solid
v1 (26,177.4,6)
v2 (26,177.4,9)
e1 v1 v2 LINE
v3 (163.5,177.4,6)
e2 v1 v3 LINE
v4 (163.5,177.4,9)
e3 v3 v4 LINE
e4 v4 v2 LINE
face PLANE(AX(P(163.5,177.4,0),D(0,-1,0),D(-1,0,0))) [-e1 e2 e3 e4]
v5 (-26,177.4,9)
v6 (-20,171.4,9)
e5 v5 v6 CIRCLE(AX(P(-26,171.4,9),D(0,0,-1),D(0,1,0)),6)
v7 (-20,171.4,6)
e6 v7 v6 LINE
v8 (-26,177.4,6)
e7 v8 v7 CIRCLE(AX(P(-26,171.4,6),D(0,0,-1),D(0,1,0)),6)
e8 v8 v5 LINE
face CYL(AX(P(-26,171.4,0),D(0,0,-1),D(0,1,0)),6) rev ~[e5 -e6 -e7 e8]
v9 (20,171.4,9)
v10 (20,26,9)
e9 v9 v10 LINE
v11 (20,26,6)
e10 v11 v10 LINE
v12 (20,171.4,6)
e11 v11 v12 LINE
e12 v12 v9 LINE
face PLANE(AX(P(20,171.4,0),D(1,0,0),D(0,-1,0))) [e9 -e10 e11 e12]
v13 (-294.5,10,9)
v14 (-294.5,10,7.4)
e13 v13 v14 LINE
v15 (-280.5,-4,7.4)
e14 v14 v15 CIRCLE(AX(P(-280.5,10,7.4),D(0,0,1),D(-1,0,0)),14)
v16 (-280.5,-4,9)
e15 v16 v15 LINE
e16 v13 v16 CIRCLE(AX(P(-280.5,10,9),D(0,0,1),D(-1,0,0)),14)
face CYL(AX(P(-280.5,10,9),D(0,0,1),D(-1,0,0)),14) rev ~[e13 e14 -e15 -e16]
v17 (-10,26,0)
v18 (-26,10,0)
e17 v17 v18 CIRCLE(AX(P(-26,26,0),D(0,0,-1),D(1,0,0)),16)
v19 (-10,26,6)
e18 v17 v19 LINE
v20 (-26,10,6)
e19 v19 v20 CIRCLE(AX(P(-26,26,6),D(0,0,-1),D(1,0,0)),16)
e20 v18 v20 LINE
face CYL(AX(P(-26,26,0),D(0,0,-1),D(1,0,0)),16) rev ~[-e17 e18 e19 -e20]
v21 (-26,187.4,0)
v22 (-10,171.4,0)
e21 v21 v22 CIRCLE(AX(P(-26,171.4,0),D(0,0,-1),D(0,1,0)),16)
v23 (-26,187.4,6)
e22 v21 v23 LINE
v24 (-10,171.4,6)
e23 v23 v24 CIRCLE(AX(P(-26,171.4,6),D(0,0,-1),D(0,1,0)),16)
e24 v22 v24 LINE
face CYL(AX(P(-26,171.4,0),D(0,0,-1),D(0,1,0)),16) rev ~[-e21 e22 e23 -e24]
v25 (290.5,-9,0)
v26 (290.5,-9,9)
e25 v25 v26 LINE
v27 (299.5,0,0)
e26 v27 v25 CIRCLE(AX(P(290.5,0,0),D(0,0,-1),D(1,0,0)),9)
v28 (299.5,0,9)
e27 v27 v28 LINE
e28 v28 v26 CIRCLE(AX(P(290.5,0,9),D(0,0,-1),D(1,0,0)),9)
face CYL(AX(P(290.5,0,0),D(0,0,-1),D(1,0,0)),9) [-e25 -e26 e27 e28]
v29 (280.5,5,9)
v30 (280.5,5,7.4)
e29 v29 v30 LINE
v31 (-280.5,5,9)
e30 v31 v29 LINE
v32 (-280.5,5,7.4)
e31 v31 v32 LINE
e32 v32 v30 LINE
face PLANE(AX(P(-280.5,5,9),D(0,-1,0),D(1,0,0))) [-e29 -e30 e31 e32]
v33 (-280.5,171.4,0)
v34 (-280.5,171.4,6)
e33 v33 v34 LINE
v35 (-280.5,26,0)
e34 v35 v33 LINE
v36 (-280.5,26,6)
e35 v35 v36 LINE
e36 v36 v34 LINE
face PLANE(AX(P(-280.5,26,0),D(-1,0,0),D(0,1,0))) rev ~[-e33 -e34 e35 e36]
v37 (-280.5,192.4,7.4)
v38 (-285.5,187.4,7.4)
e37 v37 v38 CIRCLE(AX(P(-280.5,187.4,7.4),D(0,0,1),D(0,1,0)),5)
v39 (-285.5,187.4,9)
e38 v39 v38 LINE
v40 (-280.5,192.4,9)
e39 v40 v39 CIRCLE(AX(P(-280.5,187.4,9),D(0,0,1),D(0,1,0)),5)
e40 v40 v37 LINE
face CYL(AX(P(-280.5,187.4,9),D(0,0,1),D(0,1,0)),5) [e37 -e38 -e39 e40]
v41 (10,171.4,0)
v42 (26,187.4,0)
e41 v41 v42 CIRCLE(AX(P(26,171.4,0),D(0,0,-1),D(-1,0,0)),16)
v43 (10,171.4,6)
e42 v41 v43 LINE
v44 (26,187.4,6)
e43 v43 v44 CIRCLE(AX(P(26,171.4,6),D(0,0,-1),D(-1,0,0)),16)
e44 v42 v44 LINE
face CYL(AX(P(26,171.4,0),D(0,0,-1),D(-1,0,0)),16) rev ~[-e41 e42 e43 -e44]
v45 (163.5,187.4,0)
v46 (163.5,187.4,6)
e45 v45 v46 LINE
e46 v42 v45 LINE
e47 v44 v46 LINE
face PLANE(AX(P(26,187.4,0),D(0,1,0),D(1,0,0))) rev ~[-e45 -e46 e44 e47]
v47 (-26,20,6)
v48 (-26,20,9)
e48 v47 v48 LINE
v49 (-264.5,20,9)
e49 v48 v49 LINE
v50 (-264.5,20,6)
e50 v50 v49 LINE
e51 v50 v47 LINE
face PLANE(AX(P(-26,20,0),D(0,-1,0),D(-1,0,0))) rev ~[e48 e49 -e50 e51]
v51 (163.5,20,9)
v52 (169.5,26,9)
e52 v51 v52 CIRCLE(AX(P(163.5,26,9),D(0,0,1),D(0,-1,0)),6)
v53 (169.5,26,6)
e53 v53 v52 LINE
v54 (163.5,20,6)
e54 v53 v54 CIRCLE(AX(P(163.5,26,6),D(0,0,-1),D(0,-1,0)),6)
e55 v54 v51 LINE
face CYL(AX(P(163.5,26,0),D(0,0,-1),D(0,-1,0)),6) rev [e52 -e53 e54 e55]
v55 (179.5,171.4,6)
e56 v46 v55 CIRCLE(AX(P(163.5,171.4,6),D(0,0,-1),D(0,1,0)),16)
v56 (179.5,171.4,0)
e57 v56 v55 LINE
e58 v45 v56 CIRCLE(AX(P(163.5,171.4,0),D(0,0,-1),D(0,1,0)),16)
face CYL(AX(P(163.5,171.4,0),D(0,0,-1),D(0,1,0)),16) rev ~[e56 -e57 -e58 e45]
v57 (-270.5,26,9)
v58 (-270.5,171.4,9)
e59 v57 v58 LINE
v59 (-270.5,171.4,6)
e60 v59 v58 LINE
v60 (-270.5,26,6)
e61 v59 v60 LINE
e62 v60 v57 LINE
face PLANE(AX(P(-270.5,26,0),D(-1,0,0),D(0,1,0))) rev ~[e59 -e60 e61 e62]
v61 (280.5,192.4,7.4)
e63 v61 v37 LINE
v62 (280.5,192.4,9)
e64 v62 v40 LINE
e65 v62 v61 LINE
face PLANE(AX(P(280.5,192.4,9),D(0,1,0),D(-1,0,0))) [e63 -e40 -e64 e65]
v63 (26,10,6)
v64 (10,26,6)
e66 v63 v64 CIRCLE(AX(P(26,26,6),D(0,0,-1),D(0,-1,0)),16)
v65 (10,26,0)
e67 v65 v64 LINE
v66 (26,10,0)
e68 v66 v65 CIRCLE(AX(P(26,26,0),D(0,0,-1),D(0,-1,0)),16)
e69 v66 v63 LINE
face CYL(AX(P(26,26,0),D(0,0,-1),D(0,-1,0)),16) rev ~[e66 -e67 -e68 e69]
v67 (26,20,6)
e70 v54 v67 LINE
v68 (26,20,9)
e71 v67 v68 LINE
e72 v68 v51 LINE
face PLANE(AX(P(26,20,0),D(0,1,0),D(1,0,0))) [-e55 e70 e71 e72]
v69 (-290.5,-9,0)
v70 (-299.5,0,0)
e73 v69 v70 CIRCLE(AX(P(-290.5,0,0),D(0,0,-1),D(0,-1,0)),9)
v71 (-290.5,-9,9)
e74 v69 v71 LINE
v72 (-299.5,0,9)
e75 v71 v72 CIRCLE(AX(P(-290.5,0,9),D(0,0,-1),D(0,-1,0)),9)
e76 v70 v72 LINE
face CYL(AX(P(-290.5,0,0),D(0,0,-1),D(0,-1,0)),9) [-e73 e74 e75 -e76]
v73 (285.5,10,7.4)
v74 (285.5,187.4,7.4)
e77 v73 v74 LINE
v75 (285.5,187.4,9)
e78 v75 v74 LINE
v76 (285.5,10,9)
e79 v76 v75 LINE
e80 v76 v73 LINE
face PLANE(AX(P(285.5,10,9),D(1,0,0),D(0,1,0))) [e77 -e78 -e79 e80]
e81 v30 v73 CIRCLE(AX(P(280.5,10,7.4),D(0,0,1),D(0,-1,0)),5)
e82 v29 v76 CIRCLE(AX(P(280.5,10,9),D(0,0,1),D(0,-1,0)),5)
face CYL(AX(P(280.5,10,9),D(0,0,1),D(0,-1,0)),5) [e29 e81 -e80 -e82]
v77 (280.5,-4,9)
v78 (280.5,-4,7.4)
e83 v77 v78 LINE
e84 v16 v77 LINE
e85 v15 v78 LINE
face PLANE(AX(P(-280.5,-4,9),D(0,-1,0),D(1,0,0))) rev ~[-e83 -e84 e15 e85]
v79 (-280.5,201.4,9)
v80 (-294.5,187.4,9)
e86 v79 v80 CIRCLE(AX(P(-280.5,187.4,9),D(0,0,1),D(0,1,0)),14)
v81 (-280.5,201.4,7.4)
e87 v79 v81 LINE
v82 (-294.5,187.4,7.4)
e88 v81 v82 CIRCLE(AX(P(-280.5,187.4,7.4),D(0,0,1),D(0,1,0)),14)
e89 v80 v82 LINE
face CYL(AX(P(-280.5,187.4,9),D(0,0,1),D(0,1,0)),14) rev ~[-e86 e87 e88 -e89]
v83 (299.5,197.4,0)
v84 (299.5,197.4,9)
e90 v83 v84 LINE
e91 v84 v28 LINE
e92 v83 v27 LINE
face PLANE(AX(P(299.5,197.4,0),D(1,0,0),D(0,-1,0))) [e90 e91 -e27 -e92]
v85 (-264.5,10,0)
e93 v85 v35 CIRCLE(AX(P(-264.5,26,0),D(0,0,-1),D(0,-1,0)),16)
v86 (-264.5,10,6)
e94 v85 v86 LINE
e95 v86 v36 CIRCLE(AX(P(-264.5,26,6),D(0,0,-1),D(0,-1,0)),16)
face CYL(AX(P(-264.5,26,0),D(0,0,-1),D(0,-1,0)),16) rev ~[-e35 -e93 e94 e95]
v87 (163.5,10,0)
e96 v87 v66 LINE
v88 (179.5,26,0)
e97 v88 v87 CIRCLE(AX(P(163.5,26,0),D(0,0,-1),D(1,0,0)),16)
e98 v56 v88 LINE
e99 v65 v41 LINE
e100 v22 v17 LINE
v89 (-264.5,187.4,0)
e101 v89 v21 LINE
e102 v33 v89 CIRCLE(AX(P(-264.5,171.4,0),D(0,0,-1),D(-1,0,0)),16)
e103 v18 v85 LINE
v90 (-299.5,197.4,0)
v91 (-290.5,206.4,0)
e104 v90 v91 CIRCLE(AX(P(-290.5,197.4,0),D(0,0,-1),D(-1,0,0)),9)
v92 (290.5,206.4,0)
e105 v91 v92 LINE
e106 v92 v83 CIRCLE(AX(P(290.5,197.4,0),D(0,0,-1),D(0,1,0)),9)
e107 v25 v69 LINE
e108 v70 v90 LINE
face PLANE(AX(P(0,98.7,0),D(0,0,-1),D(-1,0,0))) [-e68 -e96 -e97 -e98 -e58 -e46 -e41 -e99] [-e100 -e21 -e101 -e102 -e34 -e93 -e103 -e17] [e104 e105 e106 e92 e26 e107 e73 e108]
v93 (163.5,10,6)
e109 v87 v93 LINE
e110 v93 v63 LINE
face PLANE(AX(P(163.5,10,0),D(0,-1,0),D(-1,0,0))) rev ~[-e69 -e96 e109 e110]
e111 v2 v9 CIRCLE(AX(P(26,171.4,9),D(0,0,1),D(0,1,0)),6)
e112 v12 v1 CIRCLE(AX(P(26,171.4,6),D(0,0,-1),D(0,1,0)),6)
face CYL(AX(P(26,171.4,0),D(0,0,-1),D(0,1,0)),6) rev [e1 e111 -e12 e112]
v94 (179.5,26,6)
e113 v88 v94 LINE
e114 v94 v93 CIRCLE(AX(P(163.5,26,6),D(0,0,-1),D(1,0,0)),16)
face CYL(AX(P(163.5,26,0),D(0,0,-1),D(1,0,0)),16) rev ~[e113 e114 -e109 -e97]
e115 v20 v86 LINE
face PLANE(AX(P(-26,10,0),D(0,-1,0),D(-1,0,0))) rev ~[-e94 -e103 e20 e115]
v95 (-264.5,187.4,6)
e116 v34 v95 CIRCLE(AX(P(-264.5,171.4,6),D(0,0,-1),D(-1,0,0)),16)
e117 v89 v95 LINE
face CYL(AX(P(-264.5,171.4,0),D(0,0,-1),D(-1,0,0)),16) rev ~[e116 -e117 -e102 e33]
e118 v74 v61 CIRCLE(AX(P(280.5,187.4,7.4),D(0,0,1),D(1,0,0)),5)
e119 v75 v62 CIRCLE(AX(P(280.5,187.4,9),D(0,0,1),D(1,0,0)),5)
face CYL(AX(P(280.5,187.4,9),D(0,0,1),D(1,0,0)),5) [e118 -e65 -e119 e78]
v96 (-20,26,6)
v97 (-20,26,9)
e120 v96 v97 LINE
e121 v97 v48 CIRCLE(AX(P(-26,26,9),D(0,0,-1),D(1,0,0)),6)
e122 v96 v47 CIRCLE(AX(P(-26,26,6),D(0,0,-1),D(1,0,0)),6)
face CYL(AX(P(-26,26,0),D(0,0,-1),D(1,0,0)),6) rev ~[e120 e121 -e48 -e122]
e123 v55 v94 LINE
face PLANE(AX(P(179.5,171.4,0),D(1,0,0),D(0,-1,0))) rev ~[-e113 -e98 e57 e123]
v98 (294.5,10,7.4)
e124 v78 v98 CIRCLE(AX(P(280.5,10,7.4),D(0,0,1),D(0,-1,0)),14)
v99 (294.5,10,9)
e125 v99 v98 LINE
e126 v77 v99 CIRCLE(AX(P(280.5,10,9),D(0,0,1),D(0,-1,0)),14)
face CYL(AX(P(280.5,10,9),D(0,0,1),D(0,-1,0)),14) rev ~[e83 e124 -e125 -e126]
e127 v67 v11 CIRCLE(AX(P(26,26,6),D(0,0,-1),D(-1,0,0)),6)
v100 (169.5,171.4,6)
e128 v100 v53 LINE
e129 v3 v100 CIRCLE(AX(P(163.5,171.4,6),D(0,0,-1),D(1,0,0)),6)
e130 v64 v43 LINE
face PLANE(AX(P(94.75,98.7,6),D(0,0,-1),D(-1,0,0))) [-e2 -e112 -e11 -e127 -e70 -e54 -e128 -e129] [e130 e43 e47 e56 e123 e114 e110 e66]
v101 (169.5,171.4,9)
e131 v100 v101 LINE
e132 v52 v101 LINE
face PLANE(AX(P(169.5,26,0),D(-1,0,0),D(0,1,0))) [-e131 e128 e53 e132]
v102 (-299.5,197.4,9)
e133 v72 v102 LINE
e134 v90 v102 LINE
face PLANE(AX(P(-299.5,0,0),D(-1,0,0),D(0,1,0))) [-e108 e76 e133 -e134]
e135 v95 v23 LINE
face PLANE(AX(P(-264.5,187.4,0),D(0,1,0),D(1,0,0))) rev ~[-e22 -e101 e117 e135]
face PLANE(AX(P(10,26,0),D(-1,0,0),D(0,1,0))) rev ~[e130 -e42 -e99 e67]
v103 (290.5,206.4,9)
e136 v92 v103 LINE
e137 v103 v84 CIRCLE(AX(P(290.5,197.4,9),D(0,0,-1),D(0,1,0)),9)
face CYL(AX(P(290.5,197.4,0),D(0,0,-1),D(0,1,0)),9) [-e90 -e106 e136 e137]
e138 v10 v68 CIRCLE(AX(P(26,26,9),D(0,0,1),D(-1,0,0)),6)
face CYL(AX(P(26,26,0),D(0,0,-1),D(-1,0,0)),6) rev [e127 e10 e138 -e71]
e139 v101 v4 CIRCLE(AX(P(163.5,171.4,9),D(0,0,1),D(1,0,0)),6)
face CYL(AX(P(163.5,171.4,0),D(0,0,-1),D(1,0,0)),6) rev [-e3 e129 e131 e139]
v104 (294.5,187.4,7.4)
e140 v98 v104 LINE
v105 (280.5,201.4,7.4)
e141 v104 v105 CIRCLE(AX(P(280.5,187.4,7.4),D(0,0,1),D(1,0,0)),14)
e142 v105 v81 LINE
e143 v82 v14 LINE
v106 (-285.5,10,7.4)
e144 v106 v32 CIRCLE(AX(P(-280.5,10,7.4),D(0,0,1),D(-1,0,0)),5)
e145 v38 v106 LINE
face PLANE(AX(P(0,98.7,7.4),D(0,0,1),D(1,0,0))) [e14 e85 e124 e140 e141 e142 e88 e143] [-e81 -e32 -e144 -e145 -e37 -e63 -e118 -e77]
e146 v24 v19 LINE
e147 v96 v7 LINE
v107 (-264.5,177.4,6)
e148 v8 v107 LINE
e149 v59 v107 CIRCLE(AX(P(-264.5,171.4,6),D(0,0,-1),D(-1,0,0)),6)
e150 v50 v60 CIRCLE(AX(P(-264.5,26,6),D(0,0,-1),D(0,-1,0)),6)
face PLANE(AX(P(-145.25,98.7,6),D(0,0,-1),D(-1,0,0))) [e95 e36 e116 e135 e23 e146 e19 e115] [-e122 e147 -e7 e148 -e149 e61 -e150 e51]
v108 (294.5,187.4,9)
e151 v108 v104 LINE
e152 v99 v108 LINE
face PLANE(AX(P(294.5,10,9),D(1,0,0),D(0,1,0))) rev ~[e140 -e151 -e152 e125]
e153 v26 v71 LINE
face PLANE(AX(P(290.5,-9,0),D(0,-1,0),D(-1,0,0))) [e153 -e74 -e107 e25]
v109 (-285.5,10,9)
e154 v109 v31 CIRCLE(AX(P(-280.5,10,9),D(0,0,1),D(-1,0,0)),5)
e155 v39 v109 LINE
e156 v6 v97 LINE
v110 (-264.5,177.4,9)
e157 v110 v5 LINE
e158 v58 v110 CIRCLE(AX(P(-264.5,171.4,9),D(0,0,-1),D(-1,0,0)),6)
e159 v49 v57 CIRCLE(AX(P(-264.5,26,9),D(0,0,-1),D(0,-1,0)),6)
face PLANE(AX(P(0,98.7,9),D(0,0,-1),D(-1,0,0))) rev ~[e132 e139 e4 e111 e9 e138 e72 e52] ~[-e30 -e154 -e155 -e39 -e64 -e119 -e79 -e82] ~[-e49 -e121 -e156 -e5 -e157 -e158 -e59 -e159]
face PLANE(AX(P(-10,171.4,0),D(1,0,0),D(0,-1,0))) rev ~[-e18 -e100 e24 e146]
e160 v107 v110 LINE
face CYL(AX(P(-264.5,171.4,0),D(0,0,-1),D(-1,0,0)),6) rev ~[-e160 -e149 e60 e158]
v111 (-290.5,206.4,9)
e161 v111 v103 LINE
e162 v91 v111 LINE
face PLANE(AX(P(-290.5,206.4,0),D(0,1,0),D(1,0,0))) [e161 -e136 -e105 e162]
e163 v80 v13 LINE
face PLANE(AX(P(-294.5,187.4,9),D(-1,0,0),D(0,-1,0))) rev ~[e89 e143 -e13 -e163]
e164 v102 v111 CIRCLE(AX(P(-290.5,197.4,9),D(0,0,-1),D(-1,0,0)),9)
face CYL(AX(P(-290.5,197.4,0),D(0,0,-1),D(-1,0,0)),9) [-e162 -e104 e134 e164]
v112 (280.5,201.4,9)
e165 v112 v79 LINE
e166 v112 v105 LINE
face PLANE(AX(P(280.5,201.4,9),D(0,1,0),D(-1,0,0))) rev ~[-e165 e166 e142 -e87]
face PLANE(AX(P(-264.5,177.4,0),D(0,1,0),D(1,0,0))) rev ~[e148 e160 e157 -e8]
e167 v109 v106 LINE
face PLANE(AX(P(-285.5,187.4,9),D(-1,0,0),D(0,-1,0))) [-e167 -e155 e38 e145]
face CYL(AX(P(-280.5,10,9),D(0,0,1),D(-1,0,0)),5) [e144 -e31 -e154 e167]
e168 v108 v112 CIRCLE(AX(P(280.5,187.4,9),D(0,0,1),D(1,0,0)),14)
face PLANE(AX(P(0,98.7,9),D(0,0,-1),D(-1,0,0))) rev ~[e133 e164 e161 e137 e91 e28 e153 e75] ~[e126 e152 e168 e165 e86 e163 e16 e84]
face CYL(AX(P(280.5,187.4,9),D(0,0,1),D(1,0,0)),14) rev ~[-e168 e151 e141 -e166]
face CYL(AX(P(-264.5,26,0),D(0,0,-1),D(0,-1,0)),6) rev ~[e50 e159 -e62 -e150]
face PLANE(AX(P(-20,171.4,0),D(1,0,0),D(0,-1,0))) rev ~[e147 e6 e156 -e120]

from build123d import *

# Parameters (mm, degrees)
BOSS_EXTRUDE1_DEPTH = 9
CUT_EXTRUDE1_DEPTH  = 1.6
CUT_EXTRUDE2_DEPTH  = 9
CUT_EXTRUDE4_DEPTH  = 6


with BuildPart() as part:
    # Sketch1 → Boss-Extrude1 (new body)
    with BuildSketch(Plane.XY):
        with BuildLine():
            Line((-290.5, 206.4), (290.5, 206.4))
            ThreePointArc((290.5, 206.4), (296.863961031, 203.763961031), (299.5, 197.4))
            Line((299.5, 197.4), (299.5, 0))
            ThreePointArc((299.5, 0), (296.863961031, -6.363961031), (290.5, -9))
            Line((290.5, -9), (-290.5, -9))
            ThreePointArc((-290.5, -9), (-296.863961031, -6.363961031), (-299.5, 0))
            Line((-299.5, 0), (-299.5, 197.4))
            ThreePointArc((-299.5, 197.4), (-296.863961031, 203.763961031), (-290.5, 206.4))
        make_face()
    extrude(amount=BOSS_EXTRUDE1_DEPTH)

    # Sketch4 → Cut-Extrude1 (cut)
    with BuildSketch(Plane.XY.offset(9)):
        with BuildLine():
            Line((-280.5, -4), (280.5, -4))
            ThreePointArc((280.5, -4), (290.399494937, 0.100505063), (294.5, 10))
            Line((294.5, 10), (294.5, 187.4))
            ThreePointArc((294.5, 187.4), (290.399494937, 197.299494937), (280.5, 201.4))
            Line((280.5, 201.4), (-280.5, 201.4))
            ThreePointArc((-280.5, 201.4), (-290.399494937, 197.299494937), (-294.5, 187.4))
            Line((-294.5, 187.4), (-294.5, 10))
            ThreePointArc((-294.5, 10), (-290.399494937, 0.100505063), (-280.5, -4))
        make_face()
        with BuildLine():
            Line((-280.5, 5), (280.5, 5))
            ThreePointArc((280.5, 5), (284.035533906, 6.464466094), (285.5, 10))
            Line((285.5, 10), (285.5, 187.4))
            ThreePointArc((285.5, 187.4), (284.035533906, 190.935533906), (280.5, 192.4))
            Line((280.5, 192.4), (-280.5, 192.4))
            ThreePointArc((-280.5, 192.4), (-284.035533906, 190.935533906), (-285.5, 187.4))
            Line((-285.5, 187.4), (-285.5, 10))
            ThreePointArc((-285.5, 10), (-284.035533906, 6.464466094), (-280.5, 5))
        make_face(mode=Mode.SUBTRACT)
    extrude(amount=-CUT_EXTRUDE1_DEPTH, mode=Mode.SUBTRACT)

    # Sketch5 → Cut-Extrude2 (cut)
    with BuildSketch(Plane.XY):
        with BuildLine():
            Line((-264.5, 177.4), (-26, 177.4))
            ThreePointArc((-26, 177.4), (-21.757359313, 175.642640687), (-20, 171.4))
            Line((-20, 171.4), (-20, 26))
            ThreePointArc((-20, 26), (-21.757359313, 21.757359313), (-26, 20))
            Line((-26, 20), (-264.5, 20))
            ThreePointArc((-264.5, 20), (-268.742640687, 21.757359313), (-270.5, 26))
            Line((-270.5, 26), (-270.5, 171.4))
            ThreePointArc((-270.5, 171.4), (-268.742640687, 175.642640687), (-264.5, 177.4))
        make_face()
        with BuildLine():
            Line((20, 171.4), (20, 26))
            ThreePointArc((20, 26), (21.757359313, 21.757359313), (26, 20))
            Line((26, 20), (163.5, 20))
            ThreePointArc((163.5, 20), (167.742640687, 21.757359313), (169.5, 26))
            Line((169.5, 26), (169.5, 171.4))
            ThreePointArc((169.5, 171.4), (167.742640687, 175.642640687), (163.5, 177.4))
            Line((163.5, 177.4), (26, 177.4))
            ThreePointArc((26, 177.4), (21.757359313, 175.642640687), (20, 171.4))
        make_face()
    extrude(amount=CUT_EXTRUDE2_DEPTH, mode=Mode.SUBTRACT)

    # Sketch7 → Cut-Extrude4 (cut)
    with BuildSketch(Plane(origin=(0, 0, 0), x_dir=(-1, 0, 0), z_dir=(0, 0, -1))):
        with BuildLine():
            Line((280.5, 26), (280.5, 171.4))
            ThreePointArc((280.5, 171.4), (275.813708499, 182.713708499), (264.5, 187.4))
            Line((264.5, 187.4), (26, 187.4))
            ThreePointArc((26, 187.4), (14.686291501, 182.713708499), (10, 171.4))
            Line((10, 171.4), (10, 26))
            ThreePointArc((10, 26), (14.686291501, 14.686291501), (26, 10))
            Line((26, 10), (264.5, 10))
            ThreePointArc((264.5, 10), (275.813708499, 14.686291501), (280.5, 26))
        make_face()
        with BuildLine():
            Line((-163.5, 10), (-26, 10))
            ThreePointArc((-26, 10), (-14.686291501, 14.686291501), (-10, 26))
            Line((-10, 26), (-10, 171.4))
            ThreePointArc((-10, 171.4), (-14.686291501, 182.713708499), (-26, 187.4))
            Line((-26, 187.4), (-163.5, 187.4))
            ThreePointArc((-163.5, 187.4), (-174.813708499, 182.713708499), (-179.5, 171.4))
            Line((-179.5, 171.4), (-179.5, 26))
            ThreePointArc((-179.5, 26), (-174.813708499, 14.686291501), (-163.5, 10))
        make_face()
    extrude(amount=-CUT_EXTRUDE4_DEPTH, mode=Mode.SUBTRACT)


solid = part.part
